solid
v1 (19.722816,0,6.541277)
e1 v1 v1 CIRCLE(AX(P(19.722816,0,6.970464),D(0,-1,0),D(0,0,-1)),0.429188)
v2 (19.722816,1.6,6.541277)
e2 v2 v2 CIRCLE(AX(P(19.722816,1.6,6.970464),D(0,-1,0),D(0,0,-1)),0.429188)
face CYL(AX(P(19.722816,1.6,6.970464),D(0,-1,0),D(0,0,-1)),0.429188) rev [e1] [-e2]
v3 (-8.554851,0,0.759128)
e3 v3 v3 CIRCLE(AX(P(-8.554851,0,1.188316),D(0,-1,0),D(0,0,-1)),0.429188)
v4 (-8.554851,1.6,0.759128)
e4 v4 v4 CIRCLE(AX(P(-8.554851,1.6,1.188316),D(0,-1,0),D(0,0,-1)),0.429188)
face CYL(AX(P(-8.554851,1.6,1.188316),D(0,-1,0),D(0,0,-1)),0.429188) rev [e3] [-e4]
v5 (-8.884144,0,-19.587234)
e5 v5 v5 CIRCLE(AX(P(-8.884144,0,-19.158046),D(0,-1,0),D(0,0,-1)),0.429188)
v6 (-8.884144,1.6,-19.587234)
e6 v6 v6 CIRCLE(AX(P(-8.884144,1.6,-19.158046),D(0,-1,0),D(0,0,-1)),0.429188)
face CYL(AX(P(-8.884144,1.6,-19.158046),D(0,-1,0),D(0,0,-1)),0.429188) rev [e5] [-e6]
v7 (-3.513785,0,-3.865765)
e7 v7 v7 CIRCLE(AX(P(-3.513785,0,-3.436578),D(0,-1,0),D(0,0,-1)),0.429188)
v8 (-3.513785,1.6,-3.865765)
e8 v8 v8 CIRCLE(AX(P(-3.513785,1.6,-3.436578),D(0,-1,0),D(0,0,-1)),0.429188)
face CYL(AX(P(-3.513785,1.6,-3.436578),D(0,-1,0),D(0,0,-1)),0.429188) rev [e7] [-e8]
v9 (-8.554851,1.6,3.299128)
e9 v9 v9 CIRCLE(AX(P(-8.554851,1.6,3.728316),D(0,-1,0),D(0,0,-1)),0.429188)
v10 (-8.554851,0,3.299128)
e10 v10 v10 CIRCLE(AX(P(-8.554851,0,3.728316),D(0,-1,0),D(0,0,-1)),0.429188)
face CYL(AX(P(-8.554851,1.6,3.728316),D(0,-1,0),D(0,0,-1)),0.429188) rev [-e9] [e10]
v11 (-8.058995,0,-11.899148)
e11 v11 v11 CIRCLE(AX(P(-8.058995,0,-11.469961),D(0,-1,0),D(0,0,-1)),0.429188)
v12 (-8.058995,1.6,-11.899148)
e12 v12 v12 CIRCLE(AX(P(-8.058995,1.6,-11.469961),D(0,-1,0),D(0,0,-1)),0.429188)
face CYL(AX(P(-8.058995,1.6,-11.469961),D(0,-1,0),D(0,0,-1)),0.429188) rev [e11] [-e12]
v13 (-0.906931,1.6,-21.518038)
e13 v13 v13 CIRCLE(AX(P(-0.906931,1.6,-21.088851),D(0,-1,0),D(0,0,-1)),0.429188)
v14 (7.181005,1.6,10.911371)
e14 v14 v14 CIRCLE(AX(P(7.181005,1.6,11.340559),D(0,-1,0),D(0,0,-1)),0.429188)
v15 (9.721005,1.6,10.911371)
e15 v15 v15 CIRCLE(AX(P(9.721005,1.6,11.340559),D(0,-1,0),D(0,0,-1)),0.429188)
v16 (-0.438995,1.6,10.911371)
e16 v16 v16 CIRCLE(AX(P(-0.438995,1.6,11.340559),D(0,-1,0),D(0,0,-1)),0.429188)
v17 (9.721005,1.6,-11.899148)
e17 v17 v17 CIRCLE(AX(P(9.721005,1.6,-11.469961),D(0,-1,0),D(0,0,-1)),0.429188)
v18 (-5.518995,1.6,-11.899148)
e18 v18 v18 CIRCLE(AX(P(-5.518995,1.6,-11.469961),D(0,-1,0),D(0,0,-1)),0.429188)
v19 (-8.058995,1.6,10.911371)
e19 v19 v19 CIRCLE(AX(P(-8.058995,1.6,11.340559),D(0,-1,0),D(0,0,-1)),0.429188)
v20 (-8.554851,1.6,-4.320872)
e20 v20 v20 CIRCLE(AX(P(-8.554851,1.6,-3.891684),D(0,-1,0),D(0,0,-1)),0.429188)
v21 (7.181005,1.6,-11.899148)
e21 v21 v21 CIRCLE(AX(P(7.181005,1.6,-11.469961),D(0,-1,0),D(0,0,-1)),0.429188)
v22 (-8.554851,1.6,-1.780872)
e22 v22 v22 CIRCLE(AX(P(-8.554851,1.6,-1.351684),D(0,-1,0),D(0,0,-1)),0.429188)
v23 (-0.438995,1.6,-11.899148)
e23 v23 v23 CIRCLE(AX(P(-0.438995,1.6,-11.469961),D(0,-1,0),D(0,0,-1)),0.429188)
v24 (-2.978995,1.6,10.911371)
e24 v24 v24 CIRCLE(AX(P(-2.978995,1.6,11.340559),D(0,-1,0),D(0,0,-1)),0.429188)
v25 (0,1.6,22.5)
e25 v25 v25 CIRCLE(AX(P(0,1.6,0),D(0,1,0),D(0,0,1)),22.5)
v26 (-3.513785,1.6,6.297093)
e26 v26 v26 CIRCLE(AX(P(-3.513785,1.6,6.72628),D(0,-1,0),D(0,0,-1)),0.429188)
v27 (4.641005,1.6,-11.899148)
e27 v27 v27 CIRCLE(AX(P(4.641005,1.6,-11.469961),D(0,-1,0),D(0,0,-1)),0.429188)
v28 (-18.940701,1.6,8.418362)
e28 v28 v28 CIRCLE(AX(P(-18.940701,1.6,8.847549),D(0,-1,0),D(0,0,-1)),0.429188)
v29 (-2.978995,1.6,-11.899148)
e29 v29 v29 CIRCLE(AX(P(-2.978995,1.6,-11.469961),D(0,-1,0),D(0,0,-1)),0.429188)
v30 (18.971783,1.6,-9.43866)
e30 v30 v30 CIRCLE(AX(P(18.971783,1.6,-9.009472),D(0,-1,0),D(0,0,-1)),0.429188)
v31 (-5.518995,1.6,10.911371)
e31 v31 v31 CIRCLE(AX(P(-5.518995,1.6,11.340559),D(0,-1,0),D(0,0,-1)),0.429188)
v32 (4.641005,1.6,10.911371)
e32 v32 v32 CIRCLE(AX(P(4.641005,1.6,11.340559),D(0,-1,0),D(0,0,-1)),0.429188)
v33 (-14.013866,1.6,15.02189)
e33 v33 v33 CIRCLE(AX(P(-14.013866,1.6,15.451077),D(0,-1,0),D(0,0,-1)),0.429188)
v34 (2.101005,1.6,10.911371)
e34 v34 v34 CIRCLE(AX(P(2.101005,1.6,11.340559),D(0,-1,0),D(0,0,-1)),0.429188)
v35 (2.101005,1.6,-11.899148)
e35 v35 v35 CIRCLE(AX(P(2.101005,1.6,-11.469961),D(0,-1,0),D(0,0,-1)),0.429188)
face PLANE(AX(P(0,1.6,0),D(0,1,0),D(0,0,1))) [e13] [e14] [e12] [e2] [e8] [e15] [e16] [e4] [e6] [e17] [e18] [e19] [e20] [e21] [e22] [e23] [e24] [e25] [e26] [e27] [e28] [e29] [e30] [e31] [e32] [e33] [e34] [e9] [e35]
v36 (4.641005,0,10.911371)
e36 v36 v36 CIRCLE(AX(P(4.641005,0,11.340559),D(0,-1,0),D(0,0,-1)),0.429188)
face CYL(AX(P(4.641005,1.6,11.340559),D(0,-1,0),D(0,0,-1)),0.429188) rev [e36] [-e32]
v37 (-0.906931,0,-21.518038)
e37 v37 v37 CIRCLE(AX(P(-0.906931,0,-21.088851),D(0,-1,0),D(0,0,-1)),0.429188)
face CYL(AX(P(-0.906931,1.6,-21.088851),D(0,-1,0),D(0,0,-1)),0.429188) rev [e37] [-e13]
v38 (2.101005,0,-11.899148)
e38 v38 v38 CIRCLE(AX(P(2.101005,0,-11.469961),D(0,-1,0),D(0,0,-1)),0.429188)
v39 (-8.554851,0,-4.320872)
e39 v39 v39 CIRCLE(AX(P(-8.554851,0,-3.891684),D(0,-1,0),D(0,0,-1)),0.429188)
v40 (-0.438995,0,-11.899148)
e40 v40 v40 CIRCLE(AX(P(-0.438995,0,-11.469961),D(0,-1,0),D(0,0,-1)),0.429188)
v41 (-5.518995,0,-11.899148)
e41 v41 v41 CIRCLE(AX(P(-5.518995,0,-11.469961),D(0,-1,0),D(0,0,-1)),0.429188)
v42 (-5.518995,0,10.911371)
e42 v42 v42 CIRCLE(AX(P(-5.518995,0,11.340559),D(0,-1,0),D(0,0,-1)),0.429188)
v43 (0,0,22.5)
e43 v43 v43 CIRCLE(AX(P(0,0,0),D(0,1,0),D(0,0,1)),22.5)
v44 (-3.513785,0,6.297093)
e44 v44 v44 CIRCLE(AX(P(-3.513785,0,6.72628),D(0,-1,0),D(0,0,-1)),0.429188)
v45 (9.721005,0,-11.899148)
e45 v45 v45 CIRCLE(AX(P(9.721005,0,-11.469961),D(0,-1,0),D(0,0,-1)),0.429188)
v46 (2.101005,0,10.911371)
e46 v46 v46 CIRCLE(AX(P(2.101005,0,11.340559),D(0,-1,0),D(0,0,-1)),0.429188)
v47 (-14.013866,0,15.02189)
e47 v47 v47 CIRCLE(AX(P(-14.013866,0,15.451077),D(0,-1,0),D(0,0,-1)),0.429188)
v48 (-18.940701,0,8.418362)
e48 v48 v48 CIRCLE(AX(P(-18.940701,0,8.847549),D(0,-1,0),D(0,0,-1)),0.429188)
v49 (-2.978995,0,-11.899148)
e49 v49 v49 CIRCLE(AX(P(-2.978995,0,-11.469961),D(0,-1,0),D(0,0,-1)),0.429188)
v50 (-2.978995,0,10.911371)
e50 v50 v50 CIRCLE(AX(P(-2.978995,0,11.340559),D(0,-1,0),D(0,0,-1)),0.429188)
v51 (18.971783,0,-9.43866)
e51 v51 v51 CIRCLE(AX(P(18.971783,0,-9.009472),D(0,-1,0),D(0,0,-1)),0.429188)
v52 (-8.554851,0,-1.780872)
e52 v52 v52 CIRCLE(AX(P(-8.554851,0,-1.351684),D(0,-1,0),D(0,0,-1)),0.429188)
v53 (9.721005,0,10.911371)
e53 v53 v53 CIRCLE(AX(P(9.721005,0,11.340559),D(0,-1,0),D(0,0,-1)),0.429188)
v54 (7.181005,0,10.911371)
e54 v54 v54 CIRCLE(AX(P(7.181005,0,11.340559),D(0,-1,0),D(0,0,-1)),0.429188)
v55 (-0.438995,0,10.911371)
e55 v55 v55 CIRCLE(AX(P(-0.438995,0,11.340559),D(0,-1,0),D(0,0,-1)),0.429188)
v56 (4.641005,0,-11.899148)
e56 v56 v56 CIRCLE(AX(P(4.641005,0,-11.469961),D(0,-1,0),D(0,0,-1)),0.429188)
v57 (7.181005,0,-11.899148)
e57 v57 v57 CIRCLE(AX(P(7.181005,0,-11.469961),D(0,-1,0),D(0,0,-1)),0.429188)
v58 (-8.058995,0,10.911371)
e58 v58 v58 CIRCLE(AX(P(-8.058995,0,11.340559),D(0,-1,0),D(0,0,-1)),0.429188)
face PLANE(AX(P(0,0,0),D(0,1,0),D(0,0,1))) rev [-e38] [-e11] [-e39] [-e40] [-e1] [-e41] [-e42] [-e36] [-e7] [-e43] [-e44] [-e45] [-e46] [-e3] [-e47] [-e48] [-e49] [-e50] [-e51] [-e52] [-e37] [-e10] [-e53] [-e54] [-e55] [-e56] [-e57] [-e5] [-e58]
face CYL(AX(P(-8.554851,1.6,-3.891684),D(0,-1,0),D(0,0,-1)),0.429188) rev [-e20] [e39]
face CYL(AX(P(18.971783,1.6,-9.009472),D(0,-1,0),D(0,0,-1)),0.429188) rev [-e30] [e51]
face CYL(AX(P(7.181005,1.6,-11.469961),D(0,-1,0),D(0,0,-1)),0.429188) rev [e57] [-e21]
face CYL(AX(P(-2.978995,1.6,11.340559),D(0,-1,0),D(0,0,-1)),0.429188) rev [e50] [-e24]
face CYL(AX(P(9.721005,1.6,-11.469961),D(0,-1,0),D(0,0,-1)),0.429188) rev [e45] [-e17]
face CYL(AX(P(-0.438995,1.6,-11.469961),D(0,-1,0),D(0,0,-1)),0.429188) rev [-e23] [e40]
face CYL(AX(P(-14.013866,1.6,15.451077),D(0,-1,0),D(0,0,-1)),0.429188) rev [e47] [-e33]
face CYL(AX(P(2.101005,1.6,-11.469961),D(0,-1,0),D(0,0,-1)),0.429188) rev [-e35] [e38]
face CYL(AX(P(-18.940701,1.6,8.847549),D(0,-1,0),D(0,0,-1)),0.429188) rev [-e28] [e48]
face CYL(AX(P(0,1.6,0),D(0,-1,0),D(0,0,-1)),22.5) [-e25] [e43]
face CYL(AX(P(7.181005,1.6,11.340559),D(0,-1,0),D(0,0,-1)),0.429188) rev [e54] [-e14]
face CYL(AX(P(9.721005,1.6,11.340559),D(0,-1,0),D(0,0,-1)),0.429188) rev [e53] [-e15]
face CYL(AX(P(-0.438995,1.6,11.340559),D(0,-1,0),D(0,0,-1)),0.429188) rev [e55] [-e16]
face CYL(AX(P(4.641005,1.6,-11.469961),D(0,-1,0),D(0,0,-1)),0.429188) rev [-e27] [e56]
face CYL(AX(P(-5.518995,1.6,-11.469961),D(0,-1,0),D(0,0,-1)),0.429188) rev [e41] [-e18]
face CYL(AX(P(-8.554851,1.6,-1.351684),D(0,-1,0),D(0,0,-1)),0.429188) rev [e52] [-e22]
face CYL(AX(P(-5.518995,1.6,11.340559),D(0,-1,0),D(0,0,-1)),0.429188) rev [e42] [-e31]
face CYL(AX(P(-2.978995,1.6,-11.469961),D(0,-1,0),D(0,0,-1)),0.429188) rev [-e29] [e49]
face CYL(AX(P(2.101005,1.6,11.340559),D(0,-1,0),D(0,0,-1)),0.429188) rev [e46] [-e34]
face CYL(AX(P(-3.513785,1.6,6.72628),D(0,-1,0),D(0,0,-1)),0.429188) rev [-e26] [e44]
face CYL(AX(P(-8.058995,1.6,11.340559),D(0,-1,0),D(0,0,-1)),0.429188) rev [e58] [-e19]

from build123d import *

# Parameters (mm, degrees)
SKETCH1_R           = 22.5
BOSS_EXTRUDE1_DEPTH = 1.6
SKETCH2_R           = 0.429187569
CUT_EXTRUDE1_DEPTH  = 32.860006277


with BuildPart() as part:
    # Sketch1 → Boss-Extrude1 (new body)
    with BuildSketch(Plane(origin=(0, 0, 0), x_dir=(1, 0, 0), z_dir=(0, 1, 0))):
        with Locations(Location((0, 0, 0), (0, 0, 270))):
            Circle(SKETCH1_R)
    extrude(amount=BOSS_EXTRUDE1_DEPTH)

    # Sketch2 → Cut-Extrude1 (cut, through all)
    with BuildSketch(Plane.XZ):
        with Locations(Location((9.721005352, 11.34055894, 0), (0, 0, 270))):
            Circle(SKETCH2_R)
        with Locations(Location((7.181005352, 11.34055894, 0), (0, 0, 270))):
            Circle(SKETCH2_R)
        with Locations(Location((4.641005352, 11.34055894, 0), (0, 0, 270))):
            Circle(SKETCH2_R)
        with Locations(Location((2.101005352, 11.34055894, 0), (0, 0, 270))):
            Circle(SKETCH2_R)
        with Locations(Location((-0.438994648, 11.34055894, 0), (0, 0, 270))):
            Circle(SKETCH2_R)
        with Locations(Location((-2.978994648, 11.34055894, 0), (0, 0, 270))):
            Circle(SKETCH2_R)
        with Locations(Location((-5.518994648, 11.34055894, 0), (0, 0, 270))):
            Circle(SKETCH2_R)
        with Locations(Location((-8.058994648, 11.34055894, 0), (0, 0, 270))):
            Circle(SKETCH2_R)
        with Locations(Location((9.721005352, -11.469960564, 0), (0, 0, 270))):
            Circle(SKETCH2_R)
        with Locations(Location((7.181005352, -11.469960564, 0), (0, 0, 270))):
            Circle(SKETCH2_R)
        with Locations(Location((4.641005352, -11.469960564, 0), (0, 0, 270))):
            Circle(SKETCH2_R)
        with Locations(Location((2.101005352, -11.469960564, 0), (0, 0, 270))):
            Circle(SKETCH2_R)
        with Locations(Location((-0.438994648, -11.469960564, 0), (0, 0, 270))):
            Circle(SKETCH2_R)
        with Locations(Location((-2.978994648, -11.469960564, 0), (0, 0, 270))):
            Circle(SKETCH2_R)
        with Locations(Location((-5.518994648, -11.469960564, 0), (0, 0, 270))):
            Circle(SKETCH2_R)
        with Locations(Location((-8.058994648, -11.469960564, 0), (0, 0, 270))):
            Circle(SKETCH2_R)
        with Locations(Location((-8.554850814, 3.728315564, 0), (0, 0, 270))):
            Circle(SKETCH2_R)
        with Locations(Location((-8.554850814, 1.188315564, 0), (0, 0, 270))):
            Circle(SKETCH2_R)
        with Locations(Location((-8.554850814, -1.351684436, 0), (0, 0, 270))):
            Circle(SKETCH2_R)
        with Locations(Location((-8.554850814, -3.891684436, 0), (0, 0, 270))):
            Circle(SKETCH2_R)
        with Locations(Location((-3.513785175, 6.72628012, 0), (0, 0, 270))):
            Circle(SKETCH2_R)
        with Locations(Location((-14.013865652, 15.451077266, 0), (0, 0, 270))):
            Circle(SKETCH2_R)
        with Locations(Location((-18.940700894, 8.847549383, 0), (0, 0, 270))):
            Circle(SKETCH2_R)
        with Locations(Location((-3.513785175, -3.436577571, 0), (0, 0, 270))):
            Circle(SKETCH2_R)
        with Locations(Location((-8.884144238, -19.158046189, 0), (0, 0, 270))):
            Circle(SKETCH2_R)
        with Locations(Location((-0.906931184, -21.088850712, 0), (0, 0, 270))):
            Circle(SKETCH2_R)
        with Locations(Location((19.722815894, 6.970464171, 0), (0, 0, 270))):
            Circle(SKETCH2_R)
        with Locations(Location((18.971783185, -9.009472345, 0), (0, 0, 270))):
            Circle(SKETCH2_R)
    extrude(amount=-CUT_EXTRUDE1_DEPTH, mode=Mode.SUBTRACT)


solid = part.part
